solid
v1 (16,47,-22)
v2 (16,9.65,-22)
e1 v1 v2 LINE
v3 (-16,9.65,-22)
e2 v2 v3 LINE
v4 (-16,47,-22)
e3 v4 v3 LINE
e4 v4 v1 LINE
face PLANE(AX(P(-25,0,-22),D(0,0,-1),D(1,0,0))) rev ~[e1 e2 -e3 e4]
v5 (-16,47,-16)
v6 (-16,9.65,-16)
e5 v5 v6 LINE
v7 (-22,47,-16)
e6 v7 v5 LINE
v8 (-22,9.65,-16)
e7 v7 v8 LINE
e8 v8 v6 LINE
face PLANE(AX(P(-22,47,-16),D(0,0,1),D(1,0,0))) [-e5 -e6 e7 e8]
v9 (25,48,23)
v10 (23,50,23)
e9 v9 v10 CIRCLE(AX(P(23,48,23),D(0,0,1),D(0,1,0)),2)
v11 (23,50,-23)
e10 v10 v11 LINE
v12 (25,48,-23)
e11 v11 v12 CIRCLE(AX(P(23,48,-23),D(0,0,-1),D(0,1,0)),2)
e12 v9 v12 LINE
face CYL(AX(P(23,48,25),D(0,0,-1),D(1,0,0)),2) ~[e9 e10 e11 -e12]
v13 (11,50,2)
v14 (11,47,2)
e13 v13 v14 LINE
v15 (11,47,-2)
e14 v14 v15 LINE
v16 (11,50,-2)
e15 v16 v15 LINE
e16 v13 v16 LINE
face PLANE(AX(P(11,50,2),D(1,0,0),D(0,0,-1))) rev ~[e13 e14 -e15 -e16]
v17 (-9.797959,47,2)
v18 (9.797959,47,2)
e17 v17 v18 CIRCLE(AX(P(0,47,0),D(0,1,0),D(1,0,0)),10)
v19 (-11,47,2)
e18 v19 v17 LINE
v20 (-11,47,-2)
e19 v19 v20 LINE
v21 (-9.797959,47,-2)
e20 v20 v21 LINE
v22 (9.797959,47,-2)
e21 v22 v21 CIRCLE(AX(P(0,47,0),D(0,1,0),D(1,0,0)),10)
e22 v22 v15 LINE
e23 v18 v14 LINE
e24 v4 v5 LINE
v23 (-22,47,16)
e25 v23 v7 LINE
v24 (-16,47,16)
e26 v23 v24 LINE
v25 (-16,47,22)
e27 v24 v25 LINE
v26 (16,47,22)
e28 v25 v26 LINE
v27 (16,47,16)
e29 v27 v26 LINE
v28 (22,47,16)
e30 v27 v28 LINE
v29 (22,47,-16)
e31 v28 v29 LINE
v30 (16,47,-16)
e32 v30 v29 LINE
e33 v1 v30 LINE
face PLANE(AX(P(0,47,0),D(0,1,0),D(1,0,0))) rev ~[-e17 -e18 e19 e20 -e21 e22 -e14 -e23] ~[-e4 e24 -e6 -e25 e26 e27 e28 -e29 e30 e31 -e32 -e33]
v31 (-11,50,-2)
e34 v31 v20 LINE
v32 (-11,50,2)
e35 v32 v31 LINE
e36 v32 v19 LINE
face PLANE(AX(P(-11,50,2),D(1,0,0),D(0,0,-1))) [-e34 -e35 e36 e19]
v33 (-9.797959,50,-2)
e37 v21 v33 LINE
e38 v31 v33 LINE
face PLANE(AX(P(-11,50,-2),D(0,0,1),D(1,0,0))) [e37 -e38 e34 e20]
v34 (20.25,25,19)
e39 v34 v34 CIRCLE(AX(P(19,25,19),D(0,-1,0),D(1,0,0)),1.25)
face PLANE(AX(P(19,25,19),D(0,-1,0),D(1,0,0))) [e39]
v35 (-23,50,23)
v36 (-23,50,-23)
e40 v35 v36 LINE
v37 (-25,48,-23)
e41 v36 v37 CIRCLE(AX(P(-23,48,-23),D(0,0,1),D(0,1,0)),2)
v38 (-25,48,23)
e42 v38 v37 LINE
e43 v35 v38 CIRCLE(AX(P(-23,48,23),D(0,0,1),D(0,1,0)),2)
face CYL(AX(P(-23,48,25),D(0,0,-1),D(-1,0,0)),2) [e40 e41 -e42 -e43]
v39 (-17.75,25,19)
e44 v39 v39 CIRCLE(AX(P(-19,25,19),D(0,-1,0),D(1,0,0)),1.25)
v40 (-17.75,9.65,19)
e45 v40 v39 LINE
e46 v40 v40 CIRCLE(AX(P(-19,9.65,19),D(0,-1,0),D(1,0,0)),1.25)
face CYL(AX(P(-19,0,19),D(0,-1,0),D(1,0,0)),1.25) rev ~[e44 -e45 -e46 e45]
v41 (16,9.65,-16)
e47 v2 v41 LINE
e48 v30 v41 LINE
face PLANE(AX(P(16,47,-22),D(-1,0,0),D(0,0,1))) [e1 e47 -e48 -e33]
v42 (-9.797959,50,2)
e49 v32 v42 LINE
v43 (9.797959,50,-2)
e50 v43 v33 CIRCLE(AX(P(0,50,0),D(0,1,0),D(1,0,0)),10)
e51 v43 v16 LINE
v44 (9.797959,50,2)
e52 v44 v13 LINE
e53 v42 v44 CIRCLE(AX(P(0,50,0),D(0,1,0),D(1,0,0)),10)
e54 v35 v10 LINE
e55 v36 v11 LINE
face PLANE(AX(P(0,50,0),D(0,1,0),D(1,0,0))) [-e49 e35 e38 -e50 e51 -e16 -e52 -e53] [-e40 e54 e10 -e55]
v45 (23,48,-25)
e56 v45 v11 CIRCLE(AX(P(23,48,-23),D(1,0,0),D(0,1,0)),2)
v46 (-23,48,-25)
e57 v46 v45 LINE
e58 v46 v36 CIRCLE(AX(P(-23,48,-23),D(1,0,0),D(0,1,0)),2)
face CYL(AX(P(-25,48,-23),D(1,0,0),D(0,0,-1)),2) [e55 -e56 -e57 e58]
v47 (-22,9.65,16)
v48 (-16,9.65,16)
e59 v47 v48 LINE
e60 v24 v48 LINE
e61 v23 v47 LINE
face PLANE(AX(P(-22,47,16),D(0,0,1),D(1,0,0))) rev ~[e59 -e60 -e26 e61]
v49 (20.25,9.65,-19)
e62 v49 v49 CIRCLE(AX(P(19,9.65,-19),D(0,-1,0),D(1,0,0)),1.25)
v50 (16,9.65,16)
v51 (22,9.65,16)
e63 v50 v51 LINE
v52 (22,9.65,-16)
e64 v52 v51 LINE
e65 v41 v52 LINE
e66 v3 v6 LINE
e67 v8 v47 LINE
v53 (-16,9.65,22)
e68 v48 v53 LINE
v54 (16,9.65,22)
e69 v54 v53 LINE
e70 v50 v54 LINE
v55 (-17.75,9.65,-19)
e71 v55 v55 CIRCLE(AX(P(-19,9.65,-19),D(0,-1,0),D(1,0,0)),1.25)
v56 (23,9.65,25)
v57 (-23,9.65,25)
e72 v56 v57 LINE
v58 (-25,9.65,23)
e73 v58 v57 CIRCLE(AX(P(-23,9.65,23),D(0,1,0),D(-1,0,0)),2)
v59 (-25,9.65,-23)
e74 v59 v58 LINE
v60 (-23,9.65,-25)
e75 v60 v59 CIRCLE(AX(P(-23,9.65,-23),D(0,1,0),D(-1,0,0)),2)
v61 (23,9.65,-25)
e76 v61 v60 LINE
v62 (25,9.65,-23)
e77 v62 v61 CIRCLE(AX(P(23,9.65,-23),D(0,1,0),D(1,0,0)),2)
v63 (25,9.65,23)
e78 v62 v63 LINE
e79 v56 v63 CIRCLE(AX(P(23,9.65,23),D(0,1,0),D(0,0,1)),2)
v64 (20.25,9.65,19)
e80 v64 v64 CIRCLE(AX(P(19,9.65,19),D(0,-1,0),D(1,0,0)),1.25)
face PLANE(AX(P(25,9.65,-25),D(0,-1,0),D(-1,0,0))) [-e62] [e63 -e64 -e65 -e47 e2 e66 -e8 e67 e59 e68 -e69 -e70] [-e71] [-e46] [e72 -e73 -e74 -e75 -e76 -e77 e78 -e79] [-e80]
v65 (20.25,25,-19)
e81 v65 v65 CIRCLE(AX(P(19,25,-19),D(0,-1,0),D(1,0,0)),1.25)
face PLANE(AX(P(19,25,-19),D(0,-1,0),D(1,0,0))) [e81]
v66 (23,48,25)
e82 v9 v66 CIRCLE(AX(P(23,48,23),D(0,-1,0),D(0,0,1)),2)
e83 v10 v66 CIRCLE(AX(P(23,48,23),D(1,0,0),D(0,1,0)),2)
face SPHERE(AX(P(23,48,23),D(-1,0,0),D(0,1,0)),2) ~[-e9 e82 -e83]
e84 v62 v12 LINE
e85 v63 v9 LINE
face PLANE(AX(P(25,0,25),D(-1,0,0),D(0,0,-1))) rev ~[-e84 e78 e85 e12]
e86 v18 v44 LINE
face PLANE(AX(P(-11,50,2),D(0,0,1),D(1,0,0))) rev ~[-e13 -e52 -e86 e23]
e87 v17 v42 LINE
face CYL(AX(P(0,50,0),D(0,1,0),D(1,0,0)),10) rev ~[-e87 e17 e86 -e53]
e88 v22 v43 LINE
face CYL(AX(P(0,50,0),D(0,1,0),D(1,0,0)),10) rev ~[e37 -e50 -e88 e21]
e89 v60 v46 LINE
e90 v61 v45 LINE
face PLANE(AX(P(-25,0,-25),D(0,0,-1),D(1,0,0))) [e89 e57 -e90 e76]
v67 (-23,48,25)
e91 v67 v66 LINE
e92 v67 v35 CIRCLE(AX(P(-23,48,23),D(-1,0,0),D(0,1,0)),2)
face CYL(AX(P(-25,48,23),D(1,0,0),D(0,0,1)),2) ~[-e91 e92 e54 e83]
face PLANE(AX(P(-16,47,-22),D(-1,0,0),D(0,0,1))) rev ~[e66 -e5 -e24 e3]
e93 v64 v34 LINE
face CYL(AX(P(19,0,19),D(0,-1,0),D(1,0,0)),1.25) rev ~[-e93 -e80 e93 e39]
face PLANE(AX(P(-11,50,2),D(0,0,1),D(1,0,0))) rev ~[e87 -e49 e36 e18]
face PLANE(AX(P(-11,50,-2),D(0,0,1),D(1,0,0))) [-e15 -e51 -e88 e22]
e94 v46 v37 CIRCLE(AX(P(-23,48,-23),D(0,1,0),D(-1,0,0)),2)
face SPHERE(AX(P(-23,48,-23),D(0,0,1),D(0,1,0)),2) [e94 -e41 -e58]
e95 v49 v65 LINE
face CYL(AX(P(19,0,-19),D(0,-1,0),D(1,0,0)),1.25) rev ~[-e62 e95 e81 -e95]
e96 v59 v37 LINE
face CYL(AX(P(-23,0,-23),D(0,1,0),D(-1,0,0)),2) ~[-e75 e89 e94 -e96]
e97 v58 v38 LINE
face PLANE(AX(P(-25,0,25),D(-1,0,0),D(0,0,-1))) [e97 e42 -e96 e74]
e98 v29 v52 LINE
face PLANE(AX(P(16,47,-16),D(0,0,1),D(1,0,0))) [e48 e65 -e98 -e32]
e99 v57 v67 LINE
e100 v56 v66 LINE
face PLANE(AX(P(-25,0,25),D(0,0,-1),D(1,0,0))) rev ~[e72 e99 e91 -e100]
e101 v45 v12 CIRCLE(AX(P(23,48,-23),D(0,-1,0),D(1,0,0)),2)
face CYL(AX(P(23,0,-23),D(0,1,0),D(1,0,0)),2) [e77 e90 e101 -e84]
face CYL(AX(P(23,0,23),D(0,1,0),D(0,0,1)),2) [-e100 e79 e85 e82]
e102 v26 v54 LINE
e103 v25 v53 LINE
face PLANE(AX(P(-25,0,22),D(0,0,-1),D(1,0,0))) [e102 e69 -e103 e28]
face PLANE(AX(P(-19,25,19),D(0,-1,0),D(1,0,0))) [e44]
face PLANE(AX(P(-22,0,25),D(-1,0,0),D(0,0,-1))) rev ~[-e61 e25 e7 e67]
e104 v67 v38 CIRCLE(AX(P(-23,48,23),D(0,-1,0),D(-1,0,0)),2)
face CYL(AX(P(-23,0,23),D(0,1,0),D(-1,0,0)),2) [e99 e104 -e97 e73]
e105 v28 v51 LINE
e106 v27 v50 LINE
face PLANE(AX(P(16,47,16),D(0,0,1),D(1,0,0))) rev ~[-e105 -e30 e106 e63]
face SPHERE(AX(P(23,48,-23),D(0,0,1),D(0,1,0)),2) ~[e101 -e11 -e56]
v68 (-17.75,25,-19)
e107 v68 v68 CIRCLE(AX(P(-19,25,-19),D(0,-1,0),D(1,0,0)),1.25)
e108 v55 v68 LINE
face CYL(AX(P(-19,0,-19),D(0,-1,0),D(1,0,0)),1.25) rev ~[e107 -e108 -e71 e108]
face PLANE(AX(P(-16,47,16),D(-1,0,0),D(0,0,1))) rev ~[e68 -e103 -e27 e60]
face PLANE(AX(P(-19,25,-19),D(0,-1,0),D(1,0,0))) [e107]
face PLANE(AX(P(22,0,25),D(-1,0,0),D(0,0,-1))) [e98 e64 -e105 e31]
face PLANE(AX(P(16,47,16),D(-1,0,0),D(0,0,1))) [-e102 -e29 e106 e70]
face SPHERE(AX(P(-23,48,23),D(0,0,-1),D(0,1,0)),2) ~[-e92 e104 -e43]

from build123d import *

# Parameters (mm, degrees)
SKETCH1_W           = 50
SKETCH1_H           = 50
BOSS_EXTRUDE1_DEPTH = 50
SHELL1_T            = -3
FILLET1_R           = 2
SKETCH3_W           = 6
SKETCH3_H           = 6
BOSS_EXTRUDE2_DEPTH = 47
SKETCH4_R           = 1.25
CUT_EXTRUDE1_DEPTH  = 25
SKETCH5_R           = 10
CUT_EXTRUDE2_DEPTH  = 51
SKETCH8_W           = 22
SKETCH8_H           = 4
CUT_EXTRUDE4_DEPTH  = 51
SKETCH9_W           = 50
SKETCH9_H           = 9.65
CUT_EXTRUDE5_DEPTH  = 51


with BuildPart() as part:
    # Sketch1 → Boss-Extrude1 (new body)
    with BuildSketch(Plane(origin=(0, 0, 0), x_dir=(1, 0, 0), z_dir=(0, 1, 0))):
        Rectangle(SKETCH1_W, SKETCH1_H)
    extrude(amount=BOSS_EXTRUDE1_DEPTH)

    # Shell1
    shell1_openings = [part.faces().sort_by_distance(p)[0] for p in [
        (0, 0, 0),
    ]]
    offset(amount=SHELL1_T, openings=shell1_openings, kind=Kind.INTERSECTION)

    # Fillet1
    fillet1_edges = [part.edges().sort_by_distance(p)[0] for p in [
        (-25, 50, 0),
        (0, 50, 25),
        (25, 50, 0),
        (0, 50, -25),
        (25, 25, 25),
        (-25, 25, 25),
        (-25, 25, -25),
        (25, 25, -25),
    ]]
    fillet(fillet1_edges, radius=FILLET1_R)

    # Sketch3 → Boss-Extrude2 (add)
    with BuildSketch(Plane.XZ.offset(-47)):
        with Locations((19, 19)):
            Rectangle(SKETCH3_W, SKETCH3_H)
        with Locations((-19, 19)):
            Rectangle(SKETCH3_W, SKETCH3_H)
        with Locations((19, -19)):
            Rectangle(SKETCH3_W, SKETCH3_H)
        with Locations((-19, -19)):
            Rectangle(SKETCH3_W, SKETCH3_H)
    extrude(amount=BOSS_EXTRUDE2_DEPTH)

    # Sketch4 → Cut-Extrude1 (cut)
    with BuildSketch(Plane.XZ):
        with Locations((-19, 19)):
            Circle(SKETCH4_R)
        with Locations((19, 19)):
            Circle(SKETCH4_R)
        with Locations((19, -19)):
            Circle(SKETCH4_R)
        with Locations((-19, -19)):
            Circle(SKETCH4_R)
    extrude(amount=-CUT_EXTRUDE1_DEPTH, mode=Mode.SUBTRACT)

    # Sketch5 → Cut-Extrude2 (cut, through all)
    with BuildSketch(Plane(origin=(0, 50, 0), x_dir=(1, 0, 0), z_dir=(0, 1, 0))):
        Circle(SKETCH5_R)
    extrude(amount=-CUT_EXTRUDE2_DEPTH, mode=Mode.SUBTRACT)

    # Sketch8 → Cut-Extrude4 (cut, through all)
    with BuildSketch(Plane(origin=(0, 50, 0), x_dir=(1, 0, 0), z_dir=(0, 1, 0))):
        Rectangle(SKETCH8_W, SKETCH8_H)
    extrude(amount=-CUT_EXTRUDE4_DEPTH, mode=Mode.SUBTRACT)

    # Sketch9 → Cut-Extrude5 (cut, through all)
    with BuildSketch(Plane(origin=(0, 0, -25), x_dir=(-1, 0, 0), z_dir=(0, 0, -1))):
        with Locations((0, 4.825)):
            Rectangle(SKETCH9_W, SKETCH9_H)
    extrude(amount=-CUT_EXTRUDE5_DEPTH, mode=Mode.SUBTRACT)


solid = part.part
